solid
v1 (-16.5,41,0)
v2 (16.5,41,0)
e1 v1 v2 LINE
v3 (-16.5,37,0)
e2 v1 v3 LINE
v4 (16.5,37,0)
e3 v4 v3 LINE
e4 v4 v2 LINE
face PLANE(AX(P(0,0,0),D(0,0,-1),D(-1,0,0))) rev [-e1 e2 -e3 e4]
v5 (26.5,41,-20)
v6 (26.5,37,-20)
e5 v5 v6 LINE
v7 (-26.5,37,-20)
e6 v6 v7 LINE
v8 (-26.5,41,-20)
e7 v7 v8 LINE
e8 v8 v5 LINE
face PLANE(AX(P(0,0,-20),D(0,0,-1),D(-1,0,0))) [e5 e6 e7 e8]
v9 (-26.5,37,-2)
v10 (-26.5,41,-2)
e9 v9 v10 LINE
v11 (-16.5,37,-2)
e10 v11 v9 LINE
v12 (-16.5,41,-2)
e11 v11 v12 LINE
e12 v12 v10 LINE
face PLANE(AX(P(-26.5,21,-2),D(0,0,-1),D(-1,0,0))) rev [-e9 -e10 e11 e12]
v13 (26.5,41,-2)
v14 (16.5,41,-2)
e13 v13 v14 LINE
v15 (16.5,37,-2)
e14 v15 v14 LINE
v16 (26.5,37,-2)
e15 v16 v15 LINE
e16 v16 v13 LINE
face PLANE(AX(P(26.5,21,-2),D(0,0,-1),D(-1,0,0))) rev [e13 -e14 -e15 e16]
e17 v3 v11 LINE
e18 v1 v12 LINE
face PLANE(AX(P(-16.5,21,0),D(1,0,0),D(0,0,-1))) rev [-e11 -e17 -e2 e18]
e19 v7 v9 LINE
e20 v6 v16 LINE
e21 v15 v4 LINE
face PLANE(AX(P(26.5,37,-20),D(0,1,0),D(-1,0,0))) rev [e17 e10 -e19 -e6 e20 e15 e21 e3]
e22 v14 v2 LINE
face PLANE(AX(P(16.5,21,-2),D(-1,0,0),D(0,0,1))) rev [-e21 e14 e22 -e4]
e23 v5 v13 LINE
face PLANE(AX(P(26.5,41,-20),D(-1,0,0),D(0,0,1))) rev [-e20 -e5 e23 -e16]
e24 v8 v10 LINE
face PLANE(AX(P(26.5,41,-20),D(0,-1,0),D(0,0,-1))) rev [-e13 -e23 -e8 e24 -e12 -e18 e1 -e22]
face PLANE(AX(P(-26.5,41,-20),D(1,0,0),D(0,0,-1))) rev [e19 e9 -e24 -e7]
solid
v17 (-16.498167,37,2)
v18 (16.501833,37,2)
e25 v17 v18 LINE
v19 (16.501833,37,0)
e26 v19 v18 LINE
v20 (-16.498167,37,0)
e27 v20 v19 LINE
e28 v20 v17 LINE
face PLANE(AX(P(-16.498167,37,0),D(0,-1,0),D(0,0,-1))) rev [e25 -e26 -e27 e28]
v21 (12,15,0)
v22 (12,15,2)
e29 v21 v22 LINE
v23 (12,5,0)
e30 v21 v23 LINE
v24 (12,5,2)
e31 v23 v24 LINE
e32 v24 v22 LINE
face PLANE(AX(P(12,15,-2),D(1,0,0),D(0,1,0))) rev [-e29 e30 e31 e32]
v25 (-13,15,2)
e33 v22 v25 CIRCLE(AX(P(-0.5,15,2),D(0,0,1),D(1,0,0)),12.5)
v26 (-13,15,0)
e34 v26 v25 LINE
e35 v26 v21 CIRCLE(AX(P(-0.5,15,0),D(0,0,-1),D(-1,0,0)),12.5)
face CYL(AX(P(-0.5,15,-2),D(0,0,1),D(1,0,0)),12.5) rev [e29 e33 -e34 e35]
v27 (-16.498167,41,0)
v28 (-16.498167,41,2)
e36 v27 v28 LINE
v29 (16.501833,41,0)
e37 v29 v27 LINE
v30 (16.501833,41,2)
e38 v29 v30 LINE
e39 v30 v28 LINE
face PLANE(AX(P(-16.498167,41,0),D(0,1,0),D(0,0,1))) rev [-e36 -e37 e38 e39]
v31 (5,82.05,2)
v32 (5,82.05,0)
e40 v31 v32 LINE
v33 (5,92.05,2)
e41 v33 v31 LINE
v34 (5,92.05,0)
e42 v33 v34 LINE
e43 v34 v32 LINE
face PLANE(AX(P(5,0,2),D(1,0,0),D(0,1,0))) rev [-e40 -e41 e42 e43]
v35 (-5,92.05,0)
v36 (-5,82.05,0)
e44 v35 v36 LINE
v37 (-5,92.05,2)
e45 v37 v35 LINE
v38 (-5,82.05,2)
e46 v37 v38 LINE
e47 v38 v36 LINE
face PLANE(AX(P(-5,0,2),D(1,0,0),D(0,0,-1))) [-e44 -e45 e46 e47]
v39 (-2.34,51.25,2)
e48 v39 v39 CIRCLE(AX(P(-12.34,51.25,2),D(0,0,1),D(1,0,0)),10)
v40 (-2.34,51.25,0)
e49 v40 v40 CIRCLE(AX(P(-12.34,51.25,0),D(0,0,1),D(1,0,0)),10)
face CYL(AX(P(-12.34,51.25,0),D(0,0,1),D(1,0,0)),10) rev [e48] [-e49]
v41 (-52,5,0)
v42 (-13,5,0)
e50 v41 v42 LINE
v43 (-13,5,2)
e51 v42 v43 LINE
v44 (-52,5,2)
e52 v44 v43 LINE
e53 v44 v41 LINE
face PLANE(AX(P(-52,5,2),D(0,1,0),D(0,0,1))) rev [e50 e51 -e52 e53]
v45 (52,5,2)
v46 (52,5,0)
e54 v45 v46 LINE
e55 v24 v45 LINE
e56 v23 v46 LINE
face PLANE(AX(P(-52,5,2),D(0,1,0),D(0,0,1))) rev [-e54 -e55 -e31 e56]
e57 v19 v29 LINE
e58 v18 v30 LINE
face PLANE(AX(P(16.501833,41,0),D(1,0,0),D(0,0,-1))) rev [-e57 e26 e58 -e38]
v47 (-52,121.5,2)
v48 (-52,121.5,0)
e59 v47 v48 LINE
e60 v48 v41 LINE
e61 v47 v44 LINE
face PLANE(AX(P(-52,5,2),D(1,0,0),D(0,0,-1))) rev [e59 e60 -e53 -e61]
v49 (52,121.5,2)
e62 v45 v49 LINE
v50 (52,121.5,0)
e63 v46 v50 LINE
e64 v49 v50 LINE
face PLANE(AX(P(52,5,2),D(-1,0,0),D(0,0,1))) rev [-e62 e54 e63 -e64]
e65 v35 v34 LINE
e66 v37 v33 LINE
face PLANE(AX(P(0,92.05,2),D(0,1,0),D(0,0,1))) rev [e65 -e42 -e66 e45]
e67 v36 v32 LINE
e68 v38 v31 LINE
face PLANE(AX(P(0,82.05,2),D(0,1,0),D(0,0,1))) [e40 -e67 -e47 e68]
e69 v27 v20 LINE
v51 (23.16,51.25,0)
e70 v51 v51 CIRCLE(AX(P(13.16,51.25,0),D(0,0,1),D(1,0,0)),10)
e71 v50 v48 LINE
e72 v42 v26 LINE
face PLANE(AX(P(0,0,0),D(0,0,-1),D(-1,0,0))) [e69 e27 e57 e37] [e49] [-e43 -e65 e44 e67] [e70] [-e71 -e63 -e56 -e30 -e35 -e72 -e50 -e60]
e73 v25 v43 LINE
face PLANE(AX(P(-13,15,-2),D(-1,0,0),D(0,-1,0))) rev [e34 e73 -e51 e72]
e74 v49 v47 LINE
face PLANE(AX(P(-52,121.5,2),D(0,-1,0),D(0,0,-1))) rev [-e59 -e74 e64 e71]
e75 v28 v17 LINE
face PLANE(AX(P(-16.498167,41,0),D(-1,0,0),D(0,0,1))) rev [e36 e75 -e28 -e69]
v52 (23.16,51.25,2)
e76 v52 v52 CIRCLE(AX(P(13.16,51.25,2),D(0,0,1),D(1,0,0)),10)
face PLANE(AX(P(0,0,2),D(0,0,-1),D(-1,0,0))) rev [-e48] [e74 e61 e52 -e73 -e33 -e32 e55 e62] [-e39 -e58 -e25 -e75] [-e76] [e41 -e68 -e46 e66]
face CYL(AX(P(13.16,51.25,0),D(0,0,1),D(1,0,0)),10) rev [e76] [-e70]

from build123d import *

# Parameters (mm, degrees)
SKETCH_1_W          = 104
SKETCH_1_H          = 116.5
EXTRUDE_1_DEPTH     = 2
CUT_EXTRUDE_1_DEPTH = 4
SKETCH_5_W          = 53
SKETCH_5_H          = 4
EXTRUDE_2_DEPTH     = 20
SKETCH_6_W          = 10
SKETCH_6_H          = 2
CUT_EXTRUDE_2_DEPTH = 20
SKETCH_8_W          = 33
SKETCH_8_H          = 4
CUT_EXTRUDE_3_DEPTH = 2
SKETCH_9_R          = 10
CUT_EXTRUDE_4_DEPTH = 2
SKETCH_10_W         = 8.5
SKETCH_10_H         = 8.5
SKETCH_10_W_2       = 0.75
SKETCH_10_H_2       = 0.75
CUT_EXTRUDE_5_DEPTH = 2


with BuildPart() as part:
    # 스케치1 → 보스-돌출1 (new body)
    with BuildSketch(Plane.XY):
        with Locations((0, 63.25)):
            Rectangle(SKETCH_1_W, SKETCH_1_H)
    extrude(amount=EXTRUDE_1_DEPTH)

    # 스케치3 → 컷-돌출1 (cut)
    with BuildSketch(Plane.XY.offset(2)):
        with BuildLine():
            Line((-13, 15), (-13, 5))
            Line((-13, 5), (12, 5))
            Line((12, 5), (12, 15))
            ThreePointArc((12, 15), (-0.5, 27.5), (-13, 15))
        make_face()
    extrude(amount=-CUT_EXTRUDE_1_DEPTH, mode=Mode.SUBTRACT)

    # 스케치8 → 컷-돌출3 (cut)
    with BuildSketch(Plane.XY.offset(2)):
        with Locations((0.001833015, 39)):
            Rectangle(SKETCH_8_W, SKETCH_8_H)
    extrude(amount=-CUT_EXTRUDE_3_DEPTH, mode=Mode.SUBTRACT)

    # 스케치9 → 컷-돌출4 (cut)
    with BuildSketch(Plane.XY.offset(2)):
        with Locations((-12.34, 51.25)):
            Circle(SKETCH_9_R)
        with Locations((13.16, 51.25)):
            Circle(SKETCH_9_R)
    extrude(amount=-CUT_EXTRUDE_4_DEPTH, mode=Mode.SUBTRACT)

    # 스케치10 → 컷-돌출5 (cut)
    # profile 1 of 3: a face of its own
    with BuildSketch(Plane(origin=(0, 0, 0), x_dir=(-1, 0, 0), z_dir=(0, 0, -1))):
        Polygon((4.25, 91.3), (4.25, 92.05), (-5, 92.05), (-5, 82.05), (5, 82.05), (5, 91.3), align=None)
        with Locations((0, 87.05)):
            Rectangle(SKETCH_10_W, SKETCH_10_H, mode=Mode.SUBTRACT)
    # profile 2 of 3: a face of its own
    with BuildSketch(Plane(origin=(0, 0, 0), x_dir=(-1, 0, 0), z_dir=(0, 0, -1))):
        with Locations((0, 87.05)):
            Rectangle(SKETCH_10_W, SKETCH_10_H)
    # profile 3 of 3: a face of its own
    with BuildSketch(Plane(origin=(0, 0, 0), x_dir=(-1, 0, 0), z_dir=(0, 0, -1))):
        with Locations((4.625, 91.675)):
            Rectangle(SKETCH_10_W_2, SKETCH_10_H_2)
    extrude(amount=-CUT_EXTRUDE_5_DEPTH, mode=Mode.SUBTRACT)


with BuildPart() as body_2:
    # 스케치5 → 보스-돌출2 (new body)
    with BuildSketch(Plane(origin=(0, 0, 0), x_dir=(-1, 0, 0), z_dir=(0, 0, -1))):
        with Locations((0, 39)):
            Rectangle(SKETCH_5_W, SKETCH_5_H)
    extrude(amount=EXTRUDE_2_DEPTH)

    # 스케치6 → 컷-돌출2 (cut)
    with BuildSketch(Plane(origin=(0, 41, 0), x_dir=(1, 0, 0), z_dir=(0, 1, 0))):
        with Locations((21.5, 1)):
            Rectangle(SKETCH_6_W, SKETCH_6_H)
        with Locations((-21.5, 1)):
            Rectangle(SKETCH_6_W, SKETCH_6_H)
    extrude(amount=-CUT_EXTRUDE_2_DEPTH, mode=Mode.SUBTRACT)


solid = Compound([part.part, body_2.part])
